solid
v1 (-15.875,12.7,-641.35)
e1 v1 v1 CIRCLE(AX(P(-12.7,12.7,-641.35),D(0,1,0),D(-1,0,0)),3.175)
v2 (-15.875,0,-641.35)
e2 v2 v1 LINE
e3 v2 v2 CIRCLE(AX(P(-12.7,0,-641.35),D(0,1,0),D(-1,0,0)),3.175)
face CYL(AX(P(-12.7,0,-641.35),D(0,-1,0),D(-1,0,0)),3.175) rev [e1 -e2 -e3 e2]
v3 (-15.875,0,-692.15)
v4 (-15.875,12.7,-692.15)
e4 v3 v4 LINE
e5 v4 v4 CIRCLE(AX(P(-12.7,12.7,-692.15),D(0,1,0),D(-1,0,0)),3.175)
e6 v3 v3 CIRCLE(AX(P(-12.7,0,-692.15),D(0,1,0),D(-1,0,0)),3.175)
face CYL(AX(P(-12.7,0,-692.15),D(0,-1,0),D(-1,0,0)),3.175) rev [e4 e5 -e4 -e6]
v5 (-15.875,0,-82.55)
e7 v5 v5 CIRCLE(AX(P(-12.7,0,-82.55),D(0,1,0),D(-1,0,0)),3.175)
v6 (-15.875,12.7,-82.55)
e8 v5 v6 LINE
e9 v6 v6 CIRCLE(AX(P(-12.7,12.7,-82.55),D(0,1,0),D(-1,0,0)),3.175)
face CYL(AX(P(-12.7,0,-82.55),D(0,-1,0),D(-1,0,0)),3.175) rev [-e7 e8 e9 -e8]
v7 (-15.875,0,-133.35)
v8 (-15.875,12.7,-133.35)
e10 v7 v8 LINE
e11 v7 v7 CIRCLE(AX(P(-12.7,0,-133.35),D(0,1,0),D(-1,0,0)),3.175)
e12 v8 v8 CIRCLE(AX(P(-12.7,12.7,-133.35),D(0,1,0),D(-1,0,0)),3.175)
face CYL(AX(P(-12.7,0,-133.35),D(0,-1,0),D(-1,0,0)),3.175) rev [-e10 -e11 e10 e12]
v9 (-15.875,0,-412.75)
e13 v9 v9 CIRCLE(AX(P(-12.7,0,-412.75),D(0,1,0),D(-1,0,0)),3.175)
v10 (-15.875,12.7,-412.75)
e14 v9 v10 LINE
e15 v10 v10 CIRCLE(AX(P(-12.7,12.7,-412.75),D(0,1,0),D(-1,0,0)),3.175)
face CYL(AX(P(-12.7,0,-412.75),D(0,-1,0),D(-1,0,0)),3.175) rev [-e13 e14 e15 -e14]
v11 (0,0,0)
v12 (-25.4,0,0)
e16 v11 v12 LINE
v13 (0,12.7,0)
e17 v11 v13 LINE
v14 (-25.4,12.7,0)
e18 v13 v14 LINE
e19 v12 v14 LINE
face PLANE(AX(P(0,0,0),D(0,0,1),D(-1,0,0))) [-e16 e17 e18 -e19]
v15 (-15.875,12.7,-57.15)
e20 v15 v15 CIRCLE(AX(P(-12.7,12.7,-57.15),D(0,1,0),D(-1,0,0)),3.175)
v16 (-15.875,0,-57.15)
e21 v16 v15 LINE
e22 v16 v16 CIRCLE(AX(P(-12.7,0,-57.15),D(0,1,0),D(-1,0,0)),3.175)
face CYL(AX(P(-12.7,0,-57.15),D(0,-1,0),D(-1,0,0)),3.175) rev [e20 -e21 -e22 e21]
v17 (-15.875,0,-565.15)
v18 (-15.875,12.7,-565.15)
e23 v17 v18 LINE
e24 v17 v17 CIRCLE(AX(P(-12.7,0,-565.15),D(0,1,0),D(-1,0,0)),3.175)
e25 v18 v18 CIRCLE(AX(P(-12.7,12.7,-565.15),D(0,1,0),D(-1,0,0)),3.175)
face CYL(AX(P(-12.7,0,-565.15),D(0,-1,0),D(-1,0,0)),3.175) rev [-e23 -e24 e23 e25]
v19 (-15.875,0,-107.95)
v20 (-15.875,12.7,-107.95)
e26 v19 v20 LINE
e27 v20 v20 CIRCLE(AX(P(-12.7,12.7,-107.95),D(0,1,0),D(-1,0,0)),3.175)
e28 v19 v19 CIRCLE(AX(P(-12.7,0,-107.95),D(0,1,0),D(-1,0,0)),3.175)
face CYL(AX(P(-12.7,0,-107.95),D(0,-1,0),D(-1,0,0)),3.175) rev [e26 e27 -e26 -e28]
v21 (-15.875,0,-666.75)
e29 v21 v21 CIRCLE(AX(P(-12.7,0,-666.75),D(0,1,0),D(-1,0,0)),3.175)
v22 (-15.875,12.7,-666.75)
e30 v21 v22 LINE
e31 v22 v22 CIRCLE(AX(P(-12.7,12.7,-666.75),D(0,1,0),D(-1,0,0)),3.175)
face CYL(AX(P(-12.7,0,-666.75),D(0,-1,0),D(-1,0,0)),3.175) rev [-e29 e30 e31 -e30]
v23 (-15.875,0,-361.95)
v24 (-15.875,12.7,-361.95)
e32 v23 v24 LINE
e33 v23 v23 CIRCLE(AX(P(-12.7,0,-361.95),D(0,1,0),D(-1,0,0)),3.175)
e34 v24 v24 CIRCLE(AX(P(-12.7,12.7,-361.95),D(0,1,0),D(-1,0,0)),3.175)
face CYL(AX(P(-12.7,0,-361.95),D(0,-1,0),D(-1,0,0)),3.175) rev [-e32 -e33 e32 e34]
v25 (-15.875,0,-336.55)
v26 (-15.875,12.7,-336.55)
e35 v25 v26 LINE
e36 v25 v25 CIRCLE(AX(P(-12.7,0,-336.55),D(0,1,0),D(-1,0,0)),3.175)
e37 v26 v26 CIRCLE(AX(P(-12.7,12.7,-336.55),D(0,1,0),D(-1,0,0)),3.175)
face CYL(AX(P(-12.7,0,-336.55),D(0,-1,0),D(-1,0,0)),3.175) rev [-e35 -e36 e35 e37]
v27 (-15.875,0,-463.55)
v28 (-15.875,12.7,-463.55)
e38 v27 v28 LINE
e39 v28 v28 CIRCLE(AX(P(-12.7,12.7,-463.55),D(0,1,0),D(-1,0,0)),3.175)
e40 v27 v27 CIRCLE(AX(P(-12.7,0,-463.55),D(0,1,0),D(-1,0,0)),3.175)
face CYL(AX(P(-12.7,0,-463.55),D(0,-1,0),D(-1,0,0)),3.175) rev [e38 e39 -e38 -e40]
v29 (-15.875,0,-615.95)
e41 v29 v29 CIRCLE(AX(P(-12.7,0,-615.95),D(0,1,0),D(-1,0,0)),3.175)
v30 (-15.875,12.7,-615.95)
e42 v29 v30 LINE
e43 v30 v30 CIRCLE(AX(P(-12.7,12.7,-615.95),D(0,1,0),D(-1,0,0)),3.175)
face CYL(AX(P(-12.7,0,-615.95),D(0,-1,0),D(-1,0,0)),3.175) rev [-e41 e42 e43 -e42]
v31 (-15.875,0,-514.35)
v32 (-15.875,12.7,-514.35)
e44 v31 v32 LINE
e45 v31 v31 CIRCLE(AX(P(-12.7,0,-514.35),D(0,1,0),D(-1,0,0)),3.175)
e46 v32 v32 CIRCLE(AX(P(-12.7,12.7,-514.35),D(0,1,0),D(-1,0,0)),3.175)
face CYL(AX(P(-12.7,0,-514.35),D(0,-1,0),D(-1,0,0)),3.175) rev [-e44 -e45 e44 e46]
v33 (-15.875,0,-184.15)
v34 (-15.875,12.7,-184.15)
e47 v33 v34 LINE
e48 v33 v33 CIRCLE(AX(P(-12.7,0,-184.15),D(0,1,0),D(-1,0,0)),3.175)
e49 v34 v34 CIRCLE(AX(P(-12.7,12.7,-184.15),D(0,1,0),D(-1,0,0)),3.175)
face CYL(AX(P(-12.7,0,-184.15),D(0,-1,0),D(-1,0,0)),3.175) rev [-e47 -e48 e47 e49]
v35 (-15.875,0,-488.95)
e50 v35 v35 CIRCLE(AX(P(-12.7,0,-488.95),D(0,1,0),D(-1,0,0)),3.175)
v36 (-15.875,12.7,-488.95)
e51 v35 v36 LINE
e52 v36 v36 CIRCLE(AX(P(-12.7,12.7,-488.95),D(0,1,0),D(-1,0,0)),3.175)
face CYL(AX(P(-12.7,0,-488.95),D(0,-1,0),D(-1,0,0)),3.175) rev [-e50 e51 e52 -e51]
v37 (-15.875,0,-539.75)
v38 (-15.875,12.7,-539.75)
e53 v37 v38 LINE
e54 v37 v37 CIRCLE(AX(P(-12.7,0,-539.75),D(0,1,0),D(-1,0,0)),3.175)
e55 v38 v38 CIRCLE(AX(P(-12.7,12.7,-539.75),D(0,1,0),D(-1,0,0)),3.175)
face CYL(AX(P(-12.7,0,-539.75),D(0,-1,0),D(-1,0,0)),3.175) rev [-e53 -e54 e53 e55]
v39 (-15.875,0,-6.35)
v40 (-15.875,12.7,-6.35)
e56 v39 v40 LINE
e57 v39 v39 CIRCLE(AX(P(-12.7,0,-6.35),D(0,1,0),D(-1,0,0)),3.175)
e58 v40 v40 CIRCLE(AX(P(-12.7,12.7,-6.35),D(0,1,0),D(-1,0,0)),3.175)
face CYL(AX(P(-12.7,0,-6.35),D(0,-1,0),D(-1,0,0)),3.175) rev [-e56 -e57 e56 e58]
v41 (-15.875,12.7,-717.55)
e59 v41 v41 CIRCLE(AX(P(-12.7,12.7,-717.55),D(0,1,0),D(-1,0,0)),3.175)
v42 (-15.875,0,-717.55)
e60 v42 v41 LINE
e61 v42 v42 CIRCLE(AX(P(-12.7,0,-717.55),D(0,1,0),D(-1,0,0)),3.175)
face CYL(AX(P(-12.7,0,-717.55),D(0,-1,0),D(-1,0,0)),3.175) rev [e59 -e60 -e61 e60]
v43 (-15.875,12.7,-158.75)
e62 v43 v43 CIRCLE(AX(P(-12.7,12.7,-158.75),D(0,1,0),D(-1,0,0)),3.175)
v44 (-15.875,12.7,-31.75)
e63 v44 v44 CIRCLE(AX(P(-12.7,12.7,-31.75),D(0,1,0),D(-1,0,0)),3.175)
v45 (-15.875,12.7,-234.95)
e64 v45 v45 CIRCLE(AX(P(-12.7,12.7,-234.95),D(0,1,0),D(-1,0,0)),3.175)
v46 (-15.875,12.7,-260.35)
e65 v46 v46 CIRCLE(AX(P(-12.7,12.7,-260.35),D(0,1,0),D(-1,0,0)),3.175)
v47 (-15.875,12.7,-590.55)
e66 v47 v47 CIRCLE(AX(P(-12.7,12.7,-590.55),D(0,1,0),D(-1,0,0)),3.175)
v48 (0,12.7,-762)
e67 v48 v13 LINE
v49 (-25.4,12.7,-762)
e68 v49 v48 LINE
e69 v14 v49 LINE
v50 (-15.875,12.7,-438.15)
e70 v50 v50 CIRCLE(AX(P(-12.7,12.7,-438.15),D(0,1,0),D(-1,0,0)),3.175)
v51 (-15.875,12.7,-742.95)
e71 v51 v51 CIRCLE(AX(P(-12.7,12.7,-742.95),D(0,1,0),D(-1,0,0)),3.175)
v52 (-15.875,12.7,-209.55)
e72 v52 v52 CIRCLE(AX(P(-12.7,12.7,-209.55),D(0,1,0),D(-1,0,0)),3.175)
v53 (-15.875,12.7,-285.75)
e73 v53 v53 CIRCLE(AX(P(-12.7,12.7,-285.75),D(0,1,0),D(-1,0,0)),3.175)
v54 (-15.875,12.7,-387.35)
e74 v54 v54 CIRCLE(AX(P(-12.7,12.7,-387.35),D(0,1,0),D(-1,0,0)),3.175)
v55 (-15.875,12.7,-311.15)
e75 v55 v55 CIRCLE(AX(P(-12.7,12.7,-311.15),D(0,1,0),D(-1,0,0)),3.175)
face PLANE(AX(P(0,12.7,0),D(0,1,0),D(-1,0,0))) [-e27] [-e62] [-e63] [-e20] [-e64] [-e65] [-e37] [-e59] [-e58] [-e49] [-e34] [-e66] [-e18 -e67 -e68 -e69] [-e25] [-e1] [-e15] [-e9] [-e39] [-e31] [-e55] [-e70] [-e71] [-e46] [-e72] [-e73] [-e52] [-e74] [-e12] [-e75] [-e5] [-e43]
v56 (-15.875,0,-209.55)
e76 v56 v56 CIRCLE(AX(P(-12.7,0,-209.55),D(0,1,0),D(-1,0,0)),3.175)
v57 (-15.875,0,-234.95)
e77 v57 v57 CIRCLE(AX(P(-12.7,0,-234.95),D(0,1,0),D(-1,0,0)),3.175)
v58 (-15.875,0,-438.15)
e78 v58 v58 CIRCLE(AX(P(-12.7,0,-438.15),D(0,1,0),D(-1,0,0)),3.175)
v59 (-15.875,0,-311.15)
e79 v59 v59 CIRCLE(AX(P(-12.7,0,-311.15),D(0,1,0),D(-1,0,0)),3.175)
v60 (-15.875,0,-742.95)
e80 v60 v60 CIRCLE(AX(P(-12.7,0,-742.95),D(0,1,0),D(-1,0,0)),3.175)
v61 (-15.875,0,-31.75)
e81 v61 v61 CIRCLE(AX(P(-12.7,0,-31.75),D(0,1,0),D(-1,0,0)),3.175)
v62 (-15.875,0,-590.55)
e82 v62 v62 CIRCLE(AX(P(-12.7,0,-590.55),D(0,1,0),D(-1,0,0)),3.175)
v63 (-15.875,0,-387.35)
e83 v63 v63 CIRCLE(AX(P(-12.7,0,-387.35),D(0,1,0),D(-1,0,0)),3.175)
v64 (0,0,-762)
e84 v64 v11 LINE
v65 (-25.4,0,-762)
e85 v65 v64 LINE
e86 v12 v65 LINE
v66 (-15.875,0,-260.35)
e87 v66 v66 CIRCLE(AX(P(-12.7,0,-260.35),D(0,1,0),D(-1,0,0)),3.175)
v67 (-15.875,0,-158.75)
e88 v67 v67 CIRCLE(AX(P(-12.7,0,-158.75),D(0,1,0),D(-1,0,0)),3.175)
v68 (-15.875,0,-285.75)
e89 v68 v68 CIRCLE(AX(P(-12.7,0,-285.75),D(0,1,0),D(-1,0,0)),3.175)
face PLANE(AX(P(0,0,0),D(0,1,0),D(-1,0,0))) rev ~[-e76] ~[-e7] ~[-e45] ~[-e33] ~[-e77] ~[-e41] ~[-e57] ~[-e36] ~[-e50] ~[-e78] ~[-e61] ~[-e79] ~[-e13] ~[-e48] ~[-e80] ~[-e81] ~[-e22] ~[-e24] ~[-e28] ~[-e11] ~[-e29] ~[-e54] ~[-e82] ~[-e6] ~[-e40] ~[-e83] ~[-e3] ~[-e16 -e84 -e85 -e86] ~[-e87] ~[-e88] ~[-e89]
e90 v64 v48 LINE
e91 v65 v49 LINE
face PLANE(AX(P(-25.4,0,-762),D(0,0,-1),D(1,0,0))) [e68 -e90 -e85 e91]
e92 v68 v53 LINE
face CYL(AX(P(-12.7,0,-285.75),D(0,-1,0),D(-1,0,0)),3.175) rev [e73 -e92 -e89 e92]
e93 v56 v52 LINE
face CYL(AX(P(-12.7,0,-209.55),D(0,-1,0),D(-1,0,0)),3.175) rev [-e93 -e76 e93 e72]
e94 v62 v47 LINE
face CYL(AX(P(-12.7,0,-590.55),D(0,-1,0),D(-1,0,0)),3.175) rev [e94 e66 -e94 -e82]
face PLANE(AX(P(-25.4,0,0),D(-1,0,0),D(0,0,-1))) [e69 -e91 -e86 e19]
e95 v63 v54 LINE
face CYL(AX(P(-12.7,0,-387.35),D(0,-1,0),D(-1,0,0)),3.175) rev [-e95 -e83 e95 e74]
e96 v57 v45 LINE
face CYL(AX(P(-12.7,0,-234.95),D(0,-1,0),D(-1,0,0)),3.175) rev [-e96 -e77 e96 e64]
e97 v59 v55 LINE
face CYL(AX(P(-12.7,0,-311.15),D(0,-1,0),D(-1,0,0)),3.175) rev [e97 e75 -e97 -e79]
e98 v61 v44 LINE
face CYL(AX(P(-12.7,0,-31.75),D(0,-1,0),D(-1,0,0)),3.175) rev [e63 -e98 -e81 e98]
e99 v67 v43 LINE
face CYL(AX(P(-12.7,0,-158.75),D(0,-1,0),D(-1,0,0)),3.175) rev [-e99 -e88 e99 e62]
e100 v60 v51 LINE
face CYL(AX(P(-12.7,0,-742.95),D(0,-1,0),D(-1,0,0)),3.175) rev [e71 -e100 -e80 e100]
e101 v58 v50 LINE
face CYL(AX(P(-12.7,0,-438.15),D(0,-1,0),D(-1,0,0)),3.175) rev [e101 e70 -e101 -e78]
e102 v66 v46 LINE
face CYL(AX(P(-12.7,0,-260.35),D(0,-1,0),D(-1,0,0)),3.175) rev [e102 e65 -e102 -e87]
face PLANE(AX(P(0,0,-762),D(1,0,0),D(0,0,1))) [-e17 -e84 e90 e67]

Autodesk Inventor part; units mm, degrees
ref_plane "YZ Plane" through (0, 0, 0) normal (1, 0, 0) x (0, 1, 0)
ref_plane "XZ Plane" through (0, 0, 0) normal (0, 1, 0) x (-1, 0, 0)
ref_plane "XY Plane" through (0, 0, 0) normal (0, 0, 1) x (1, 0, 0)
sketch "Sketch1" plane through (0, 0, 0) normal (0, 1, 0) x (-1, 0, 0)
  line L0 (0, 0) -> (25.4, 0)
  line L1 (25.4, 0) -> (25.4, -762)
  line L2 (25.4, -762) -> (0, -762)
  line L3 (0, -762) -> (0, 0)
  circle A0 centre (12.7, -6.35) radius 3.175
  circle A1 centre (12.7, -31.75) radius 3.175
  circle A2 centre (12.7, -57.15) radius 3.175
  circle A3 centre (12.7, -82.55) radius 3.175
  circle A4 centre (12.7, -107.95) radius 3.175
  circle A5 centre (12.7, -133.35) radius 3.175
  circle A6 centre (12.7, -158.75) radius 3.175
  circle A7 centre (12.7, -184.15) radius 3.175
  circle A8 centre (12.7, -209.55) radius 3.175
  circle A9 centre (12.7, -234.95) radius 3.175
  circle A10 centre (12.7, -260.35) radius 3.175
  circle A11 centre (12.7, -285.75) radius 3.175
  circle A12 centre (12.7, -311.15) radius 3.175
  circle A13 centre (12.7, -336.55) radius 3.175
  circle A14 centre (12.7, -361.95) radius 3.175
  circle A15 centre (12.7, -387.35) radius 3.175
  circle A16 centre (12.7, -412.75) radius 3.175
  circle A17 centre (12.7, -438.15) radius 3.175
  circle A18 centre (12.7, -463.55) radius 3.175
  circle A19 centre (12.7, -488.95) radius 3.175
  circle A20 centre (12.7, -514.35) radius 3.175
  circle A21 centre (12.7, -539.75) radius 3.175
  circle A22 centre (12.7, -565.15) radius 3.175
  circle A23 centre (12.7, -590.55) radius 3.175
  circle A24 centre (12.7, -615.95) radius 3.175
  circle A25 centre (12.7, -641.35) radius 3.175
  circle A26 centre (12.7, -666.75) radius 3.175
  circle A27 centre (12.7, -692.15) radius 3.175
  circle A28 centre (12.7, -717.55) radius 3.175
  circle A29 centre (12.7, -742.95) radius 3.175
  dimension "d0" = 762
  dimension "d1" = 25.4
  dimension "d2" = 6.35
  dimension "d3" = 6.35
  dimension "d6" = 25.4
extrude "Extrusion1" add sketch "Sketch1" along normal blind 12.7
properties part number "Table Pattern"
